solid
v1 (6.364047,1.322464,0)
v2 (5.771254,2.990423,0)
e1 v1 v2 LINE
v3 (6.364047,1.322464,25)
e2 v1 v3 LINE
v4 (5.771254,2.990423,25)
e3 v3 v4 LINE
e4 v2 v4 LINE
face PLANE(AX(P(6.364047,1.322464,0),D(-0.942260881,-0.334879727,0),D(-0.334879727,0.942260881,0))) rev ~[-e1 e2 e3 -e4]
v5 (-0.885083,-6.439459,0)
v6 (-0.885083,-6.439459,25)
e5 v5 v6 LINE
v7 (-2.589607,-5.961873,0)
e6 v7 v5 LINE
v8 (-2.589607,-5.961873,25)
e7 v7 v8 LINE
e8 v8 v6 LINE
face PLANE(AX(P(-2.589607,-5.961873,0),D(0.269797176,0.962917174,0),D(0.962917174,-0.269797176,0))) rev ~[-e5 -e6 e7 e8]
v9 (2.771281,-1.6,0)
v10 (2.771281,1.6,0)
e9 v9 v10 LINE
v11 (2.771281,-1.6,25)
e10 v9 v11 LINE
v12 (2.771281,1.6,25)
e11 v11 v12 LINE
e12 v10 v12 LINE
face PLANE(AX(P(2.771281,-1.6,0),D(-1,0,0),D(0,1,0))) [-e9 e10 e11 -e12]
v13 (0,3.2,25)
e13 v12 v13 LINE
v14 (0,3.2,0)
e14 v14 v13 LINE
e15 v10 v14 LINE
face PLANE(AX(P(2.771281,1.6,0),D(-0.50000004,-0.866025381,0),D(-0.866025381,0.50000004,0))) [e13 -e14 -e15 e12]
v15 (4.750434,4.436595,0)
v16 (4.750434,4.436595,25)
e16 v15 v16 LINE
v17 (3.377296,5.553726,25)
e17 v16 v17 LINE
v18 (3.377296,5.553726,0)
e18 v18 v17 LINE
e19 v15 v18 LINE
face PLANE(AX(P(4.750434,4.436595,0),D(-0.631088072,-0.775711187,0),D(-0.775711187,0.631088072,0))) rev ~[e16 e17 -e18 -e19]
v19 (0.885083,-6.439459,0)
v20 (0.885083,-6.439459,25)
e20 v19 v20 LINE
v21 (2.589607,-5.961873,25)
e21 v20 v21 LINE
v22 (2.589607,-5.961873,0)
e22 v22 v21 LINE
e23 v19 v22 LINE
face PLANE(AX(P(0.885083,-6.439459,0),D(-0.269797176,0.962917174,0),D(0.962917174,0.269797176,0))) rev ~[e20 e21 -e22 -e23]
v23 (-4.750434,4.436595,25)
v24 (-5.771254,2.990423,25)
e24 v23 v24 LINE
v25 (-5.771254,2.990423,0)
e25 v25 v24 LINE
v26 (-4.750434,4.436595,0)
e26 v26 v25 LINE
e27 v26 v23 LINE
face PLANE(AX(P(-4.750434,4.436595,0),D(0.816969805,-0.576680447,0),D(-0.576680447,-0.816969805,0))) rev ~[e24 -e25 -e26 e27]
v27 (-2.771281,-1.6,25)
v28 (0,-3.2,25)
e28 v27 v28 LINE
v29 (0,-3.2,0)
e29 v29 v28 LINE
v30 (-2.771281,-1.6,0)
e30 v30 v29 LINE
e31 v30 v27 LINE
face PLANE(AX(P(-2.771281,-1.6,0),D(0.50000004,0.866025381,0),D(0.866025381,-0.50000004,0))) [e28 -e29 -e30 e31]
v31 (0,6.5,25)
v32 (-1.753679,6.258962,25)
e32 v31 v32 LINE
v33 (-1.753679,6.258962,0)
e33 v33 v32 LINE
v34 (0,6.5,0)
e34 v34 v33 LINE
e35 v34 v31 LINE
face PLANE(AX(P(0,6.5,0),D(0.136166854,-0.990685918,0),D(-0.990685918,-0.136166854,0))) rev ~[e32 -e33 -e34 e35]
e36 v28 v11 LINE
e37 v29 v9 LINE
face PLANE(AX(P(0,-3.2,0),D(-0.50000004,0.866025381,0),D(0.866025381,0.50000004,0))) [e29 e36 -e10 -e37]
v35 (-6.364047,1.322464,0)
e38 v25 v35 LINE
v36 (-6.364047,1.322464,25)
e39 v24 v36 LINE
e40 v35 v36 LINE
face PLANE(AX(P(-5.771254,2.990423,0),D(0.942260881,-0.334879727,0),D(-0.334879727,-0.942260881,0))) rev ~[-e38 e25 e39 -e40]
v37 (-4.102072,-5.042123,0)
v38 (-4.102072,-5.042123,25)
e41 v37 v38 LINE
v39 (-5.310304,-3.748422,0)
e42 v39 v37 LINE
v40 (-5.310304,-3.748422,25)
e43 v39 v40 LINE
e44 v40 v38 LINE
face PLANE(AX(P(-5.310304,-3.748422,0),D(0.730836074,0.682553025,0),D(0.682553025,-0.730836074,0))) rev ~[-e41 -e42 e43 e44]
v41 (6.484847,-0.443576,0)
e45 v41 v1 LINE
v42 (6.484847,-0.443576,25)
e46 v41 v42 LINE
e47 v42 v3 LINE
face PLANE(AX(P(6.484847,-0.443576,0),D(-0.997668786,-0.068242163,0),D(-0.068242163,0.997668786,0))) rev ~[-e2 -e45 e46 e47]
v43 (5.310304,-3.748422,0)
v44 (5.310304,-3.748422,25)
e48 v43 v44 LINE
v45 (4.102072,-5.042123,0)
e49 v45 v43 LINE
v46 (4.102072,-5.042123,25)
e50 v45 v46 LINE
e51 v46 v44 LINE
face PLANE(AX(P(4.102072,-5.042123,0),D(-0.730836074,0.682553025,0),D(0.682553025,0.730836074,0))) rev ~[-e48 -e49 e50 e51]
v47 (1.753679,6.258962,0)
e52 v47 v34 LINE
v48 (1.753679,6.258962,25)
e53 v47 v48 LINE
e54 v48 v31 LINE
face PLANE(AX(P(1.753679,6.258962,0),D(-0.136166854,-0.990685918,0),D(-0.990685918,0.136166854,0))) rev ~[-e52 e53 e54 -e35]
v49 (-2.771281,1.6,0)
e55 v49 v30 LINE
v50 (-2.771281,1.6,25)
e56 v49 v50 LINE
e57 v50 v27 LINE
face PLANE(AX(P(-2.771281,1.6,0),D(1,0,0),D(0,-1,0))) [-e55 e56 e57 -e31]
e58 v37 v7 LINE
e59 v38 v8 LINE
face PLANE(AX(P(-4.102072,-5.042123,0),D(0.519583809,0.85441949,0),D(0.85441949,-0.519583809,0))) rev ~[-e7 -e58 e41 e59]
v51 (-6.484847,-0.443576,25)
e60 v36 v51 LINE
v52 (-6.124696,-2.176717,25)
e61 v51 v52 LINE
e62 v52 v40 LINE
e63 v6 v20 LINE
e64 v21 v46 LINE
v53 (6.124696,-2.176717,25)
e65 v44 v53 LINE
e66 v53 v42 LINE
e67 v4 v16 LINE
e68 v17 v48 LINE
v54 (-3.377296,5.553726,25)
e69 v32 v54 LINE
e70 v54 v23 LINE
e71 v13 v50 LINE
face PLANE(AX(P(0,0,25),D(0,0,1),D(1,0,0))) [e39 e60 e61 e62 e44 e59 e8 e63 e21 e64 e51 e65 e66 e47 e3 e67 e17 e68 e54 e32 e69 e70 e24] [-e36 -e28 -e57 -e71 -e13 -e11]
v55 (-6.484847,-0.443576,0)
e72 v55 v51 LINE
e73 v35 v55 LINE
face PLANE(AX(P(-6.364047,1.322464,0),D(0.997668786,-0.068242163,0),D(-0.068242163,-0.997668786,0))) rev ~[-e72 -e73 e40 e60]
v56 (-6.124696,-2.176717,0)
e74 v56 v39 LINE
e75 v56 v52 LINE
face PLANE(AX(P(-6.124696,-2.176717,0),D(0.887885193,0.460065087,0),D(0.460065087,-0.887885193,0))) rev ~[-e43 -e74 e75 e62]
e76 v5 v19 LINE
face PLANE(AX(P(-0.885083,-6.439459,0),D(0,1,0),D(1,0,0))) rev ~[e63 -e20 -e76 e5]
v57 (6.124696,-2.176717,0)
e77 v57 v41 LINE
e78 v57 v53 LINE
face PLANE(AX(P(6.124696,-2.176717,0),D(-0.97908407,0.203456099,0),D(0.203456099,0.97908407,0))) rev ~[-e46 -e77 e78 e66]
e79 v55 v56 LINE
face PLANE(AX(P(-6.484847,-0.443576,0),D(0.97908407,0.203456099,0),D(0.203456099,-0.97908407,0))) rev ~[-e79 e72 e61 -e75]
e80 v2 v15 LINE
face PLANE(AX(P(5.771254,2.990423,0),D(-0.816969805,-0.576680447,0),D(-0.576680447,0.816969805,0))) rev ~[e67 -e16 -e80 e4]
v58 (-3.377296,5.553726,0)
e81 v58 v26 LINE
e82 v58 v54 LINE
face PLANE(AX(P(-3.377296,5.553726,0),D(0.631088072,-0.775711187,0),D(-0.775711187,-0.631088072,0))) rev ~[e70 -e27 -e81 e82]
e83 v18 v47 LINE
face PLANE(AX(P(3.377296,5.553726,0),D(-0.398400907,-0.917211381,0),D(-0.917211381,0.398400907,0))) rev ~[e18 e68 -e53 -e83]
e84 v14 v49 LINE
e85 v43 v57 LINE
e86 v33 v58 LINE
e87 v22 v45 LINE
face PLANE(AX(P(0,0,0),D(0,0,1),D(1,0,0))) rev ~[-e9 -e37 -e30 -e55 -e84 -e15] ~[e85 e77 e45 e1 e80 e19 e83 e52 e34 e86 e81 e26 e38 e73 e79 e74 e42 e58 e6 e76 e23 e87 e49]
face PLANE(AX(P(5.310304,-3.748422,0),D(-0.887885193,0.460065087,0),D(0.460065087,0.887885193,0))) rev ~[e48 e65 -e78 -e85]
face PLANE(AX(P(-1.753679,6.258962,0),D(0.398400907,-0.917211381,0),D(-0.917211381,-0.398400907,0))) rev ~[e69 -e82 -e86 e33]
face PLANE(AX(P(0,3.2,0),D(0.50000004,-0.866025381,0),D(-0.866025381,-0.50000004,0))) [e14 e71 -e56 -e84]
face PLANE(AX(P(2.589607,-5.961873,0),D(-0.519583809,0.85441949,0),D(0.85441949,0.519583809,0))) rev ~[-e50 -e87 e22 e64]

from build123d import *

# Parameters (mm, degrees)
PAD_DEPTH = 25


with BuildPart() as part:
    # Sketch → Pad (new body)
    with BuildSketch(Plane.XY):
        Polygon((4.750434, 4.436595), (3.377296, 5.553726), (1.753679, 6.258962), (0, 6.5), (-1.753679, 6.258962), (-3.377296, 5.553726), (-4.750434, 4.436595), (-5.771254, 2.990423), (-6.364047, 1.322464), (-6.484847, -0.443576), (-6.124696, -2.176717), (-5.310304, -3.748422), (-4.102072, -5.042123), (-2.589607, -5.961873), (-0.885083, -6.439459), (0.885083, -6.439459), (2.589607, -5.961873), (4.102072, -5.042123), (5.310304, -3.748422), (6.124696, -2.176717), (6.484847, -0.443576), (6.364047, 1.322464), (5.771254, 2.990423), align=None)
        Polygon((2.771281, -1.6), (2.771281, 1.6), (0, 3.2), (-2.771281, 1.6), (-2.771281, -1.6), (0, -3.2), align=None, mode=Mode.SUBTRACT)
    extrude(amount=PAD_DEPTH)


solid = part.part
